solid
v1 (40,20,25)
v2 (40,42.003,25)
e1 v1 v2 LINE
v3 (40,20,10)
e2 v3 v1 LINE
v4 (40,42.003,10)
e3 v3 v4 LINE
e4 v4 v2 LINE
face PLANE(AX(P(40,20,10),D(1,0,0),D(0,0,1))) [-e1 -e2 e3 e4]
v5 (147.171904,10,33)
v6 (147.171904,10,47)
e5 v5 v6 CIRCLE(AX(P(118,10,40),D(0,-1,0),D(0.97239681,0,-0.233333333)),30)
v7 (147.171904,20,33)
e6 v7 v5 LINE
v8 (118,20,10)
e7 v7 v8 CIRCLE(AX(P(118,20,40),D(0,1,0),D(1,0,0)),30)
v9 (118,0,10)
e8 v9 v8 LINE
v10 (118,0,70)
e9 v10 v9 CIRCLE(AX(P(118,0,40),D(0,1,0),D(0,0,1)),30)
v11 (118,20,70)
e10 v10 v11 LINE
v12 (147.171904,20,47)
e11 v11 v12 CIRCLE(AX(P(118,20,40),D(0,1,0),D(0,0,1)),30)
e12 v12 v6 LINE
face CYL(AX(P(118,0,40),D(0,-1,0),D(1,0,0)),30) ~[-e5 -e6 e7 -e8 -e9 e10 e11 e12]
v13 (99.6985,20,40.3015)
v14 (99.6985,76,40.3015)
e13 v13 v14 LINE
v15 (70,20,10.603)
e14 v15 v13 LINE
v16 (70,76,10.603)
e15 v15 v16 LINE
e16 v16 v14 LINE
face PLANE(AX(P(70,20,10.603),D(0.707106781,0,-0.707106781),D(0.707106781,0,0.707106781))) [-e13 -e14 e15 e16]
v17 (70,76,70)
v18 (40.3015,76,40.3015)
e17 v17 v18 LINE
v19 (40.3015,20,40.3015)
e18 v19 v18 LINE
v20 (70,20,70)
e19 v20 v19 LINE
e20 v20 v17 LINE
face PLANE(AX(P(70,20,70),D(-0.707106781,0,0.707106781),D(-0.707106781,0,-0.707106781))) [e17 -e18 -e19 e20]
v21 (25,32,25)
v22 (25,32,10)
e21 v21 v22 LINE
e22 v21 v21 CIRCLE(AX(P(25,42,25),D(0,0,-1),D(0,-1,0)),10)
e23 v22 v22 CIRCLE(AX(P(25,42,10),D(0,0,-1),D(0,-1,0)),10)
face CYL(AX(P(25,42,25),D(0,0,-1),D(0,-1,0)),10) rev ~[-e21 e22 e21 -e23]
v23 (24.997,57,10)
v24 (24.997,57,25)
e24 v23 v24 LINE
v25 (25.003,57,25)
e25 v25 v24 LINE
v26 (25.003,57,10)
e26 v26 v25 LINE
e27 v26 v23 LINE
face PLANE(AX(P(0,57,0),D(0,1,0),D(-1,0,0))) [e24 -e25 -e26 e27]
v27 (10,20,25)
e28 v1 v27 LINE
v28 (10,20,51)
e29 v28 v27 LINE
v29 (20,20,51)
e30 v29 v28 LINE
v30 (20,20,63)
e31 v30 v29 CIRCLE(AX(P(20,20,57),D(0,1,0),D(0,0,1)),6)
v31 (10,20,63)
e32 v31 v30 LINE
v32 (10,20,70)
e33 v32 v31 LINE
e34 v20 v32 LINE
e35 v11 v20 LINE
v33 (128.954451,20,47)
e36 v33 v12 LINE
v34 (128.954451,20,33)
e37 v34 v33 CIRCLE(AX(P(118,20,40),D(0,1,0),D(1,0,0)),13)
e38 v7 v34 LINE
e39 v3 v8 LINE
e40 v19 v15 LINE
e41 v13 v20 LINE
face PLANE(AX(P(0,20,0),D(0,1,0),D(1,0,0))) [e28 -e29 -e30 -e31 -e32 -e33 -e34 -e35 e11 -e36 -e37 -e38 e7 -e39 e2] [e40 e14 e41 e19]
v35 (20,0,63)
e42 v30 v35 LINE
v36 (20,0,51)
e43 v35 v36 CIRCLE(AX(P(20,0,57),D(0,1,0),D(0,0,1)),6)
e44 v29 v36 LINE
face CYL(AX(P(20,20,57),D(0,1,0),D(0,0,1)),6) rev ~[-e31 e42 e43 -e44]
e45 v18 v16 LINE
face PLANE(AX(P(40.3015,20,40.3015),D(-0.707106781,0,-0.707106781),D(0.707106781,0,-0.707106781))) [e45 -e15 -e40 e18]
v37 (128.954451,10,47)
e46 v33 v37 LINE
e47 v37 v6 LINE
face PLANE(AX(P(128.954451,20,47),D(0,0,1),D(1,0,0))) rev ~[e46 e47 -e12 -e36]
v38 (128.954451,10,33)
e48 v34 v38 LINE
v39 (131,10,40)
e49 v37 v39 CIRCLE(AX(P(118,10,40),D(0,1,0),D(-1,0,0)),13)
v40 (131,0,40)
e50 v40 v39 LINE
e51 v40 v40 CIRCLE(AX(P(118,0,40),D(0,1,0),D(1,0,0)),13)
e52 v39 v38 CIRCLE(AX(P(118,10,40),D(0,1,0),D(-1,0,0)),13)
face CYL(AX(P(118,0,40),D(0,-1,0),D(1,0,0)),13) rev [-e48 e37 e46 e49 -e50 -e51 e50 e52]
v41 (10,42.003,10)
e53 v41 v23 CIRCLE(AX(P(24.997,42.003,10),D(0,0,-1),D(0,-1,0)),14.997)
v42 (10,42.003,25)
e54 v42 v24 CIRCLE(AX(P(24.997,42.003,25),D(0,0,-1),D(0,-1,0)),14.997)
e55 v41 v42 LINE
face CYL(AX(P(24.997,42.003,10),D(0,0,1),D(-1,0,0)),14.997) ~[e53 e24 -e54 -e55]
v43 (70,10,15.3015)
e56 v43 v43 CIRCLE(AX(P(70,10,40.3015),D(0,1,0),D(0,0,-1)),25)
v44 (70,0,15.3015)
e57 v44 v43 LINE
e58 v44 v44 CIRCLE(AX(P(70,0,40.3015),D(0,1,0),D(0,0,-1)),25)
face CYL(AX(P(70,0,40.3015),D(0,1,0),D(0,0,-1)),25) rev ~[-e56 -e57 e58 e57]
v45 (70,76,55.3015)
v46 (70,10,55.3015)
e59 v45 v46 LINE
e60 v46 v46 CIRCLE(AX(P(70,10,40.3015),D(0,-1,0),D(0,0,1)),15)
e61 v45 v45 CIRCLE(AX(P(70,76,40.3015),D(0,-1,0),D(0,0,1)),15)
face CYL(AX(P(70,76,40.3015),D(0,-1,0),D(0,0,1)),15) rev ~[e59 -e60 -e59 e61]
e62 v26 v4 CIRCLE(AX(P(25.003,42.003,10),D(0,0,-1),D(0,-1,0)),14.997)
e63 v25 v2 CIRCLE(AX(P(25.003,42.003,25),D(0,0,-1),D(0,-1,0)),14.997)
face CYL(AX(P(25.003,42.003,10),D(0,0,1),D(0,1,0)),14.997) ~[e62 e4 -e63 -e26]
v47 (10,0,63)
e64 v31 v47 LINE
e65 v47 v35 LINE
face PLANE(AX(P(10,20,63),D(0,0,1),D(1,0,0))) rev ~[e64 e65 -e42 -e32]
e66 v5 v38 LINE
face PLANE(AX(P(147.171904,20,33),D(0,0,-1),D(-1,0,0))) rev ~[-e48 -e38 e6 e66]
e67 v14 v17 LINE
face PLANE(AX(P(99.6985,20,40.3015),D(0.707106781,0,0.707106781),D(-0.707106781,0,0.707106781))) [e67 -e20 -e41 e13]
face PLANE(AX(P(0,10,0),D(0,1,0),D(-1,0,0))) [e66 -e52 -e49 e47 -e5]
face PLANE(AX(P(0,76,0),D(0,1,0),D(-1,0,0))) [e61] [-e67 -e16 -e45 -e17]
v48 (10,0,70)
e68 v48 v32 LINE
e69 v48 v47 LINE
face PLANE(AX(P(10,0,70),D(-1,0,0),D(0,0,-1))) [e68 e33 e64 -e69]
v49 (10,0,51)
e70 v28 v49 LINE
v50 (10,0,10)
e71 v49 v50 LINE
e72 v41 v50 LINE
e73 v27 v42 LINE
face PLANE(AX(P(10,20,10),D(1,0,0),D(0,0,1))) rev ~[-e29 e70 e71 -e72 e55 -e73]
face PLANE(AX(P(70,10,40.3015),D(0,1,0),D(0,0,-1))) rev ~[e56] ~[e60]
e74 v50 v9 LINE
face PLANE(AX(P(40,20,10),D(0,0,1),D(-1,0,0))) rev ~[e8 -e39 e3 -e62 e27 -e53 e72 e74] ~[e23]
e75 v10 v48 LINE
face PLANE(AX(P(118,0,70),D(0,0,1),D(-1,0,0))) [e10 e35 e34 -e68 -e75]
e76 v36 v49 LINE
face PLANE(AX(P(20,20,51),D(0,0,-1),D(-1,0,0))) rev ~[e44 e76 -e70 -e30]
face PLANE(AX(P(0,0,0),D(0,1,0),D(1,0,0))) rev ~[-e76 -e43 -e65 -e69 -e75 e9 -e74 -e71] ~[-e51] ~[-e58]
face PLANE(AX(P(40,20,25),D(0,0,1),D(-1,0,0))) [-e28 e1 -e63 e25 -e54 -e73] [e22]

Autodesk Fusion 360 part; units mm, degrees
sketch "Sketch1" plane through (0, 0, 0) normal (0, 1, 0) x (1, 0, 0)
  line L0 (10, -10) -> (118, -10)
  line L1 (148, -40) -> (148, -40)
  line L2 (118, -70) -> (10, -70)
  line L3 (10, -70) -> (10, -10)
  arc A0 (148, -40) -> (118, -10) centre (118, -40) ccw
  arc A1 (118, -70) -> (148, -40) centre (118, -40) ccw
  circle A2 centre (118, -40) radius 13
  point P0 (148, -10)
  dimension "d1" = 138
  dimension "d2" = 60
  dimension "d3" = 30
  dimension "d4" = 30
  dimension "d5" = 26
extrude "Extrude1" add sketch "Sketch1" along normal blind 20
sketch "Sketch2" plane through (0, 20, 0) normal (0, 1, 0) x (-1, 0, 0)
  circle A0 centre (-118, 40) radius 13
  line L0 (-10, 70) -> (-118, 70)
  arc A1 (-118, 70) -> (-118, 10) centre (-118, 40) ccw
  line L1 (-118, 10) -> (-10, 10)
  line L2 (-10, 10) -> (-10, 70)
  line L3 (-118, 47) -> (-155, 47)
  arc A2 (-155, 47) -> (-155, 33) centre (-155, 40) ccw
  line L4 (-155, 33) -> (-118, 33)
  arc A3 (-118, 33) -> (-118, 47) centre (-118, 40) ccw
  line L5 (-118, 40) -> (-155, 40) construction
  dimension "d8" = 14
extrude "Extrude2" cut sketch "Sketch2" against normal blind 10 contours A0 A1 L3 L4
sketch "Sketch4" plane through (0, 20, 0) normal (0, 1, 0) x (-1, 0, 0)
  line L0 (-147.1719, 47) -> (-128.9545, 47)
  arc A0 (-128.9545, 33) -> (-128.9545, 47) centre (-118, 40) ccw
  line L1 (-128.9545, 33) -> (-147.1719, 33)
  arc A1 (-147.1719, 33) -> (-118, 10) centre (-118, 40) ccw
  line L2 (-118, 10) -> (-10, 10)
  line L3 (-10, 10) -> (-10, 70)
  line L4 (-10, 70) -> (-118, 70)
  arc A2 (-118, 70) -> (-147.1719, 47) centre (-118, 40) ccw
  line L5 (-10, 70) -> (-70, 70) construction
  line L6 (-70, 70) -> (-70, 10) construction
  line L7 (-70, 70) -> (-40.3015, 40.3015) construction
  line L8 (-70, 70) -> (-28, 70) construction
  line L9 (-70, 70) -> (-40.3015, 40.3015)
  line L10 (-40.3015, 40.3015) -> (-70, 10.603)
  line L11 (-70, 10.603) -> (-99.6985, 40.3015)
  line L12 (-99.6985, 40.3015) -> (-70, 70)
  dimension "d11" = 60
  dimension "d12" = 45
  dimension "d13" = 42
  dimension "d14" = 42
extrude "Extrude3" add sketch "Sketch4" along normal blind 56 contours L9 L10 L11 L12
hole "Hole1" at (70, 76, 40.3015) direction (0, -1, 0) diameter 30 depth 90 tip angle 180
hole "Hole2" at (70, 0, 40.3015) direction (0, 1, 0) diameter 50 depth 10 tip angle 180
sketch "Sketch5" plane through (0, 20, 0) normal (0, 1, 0) x (-1, 0, 0)
  line L0 (-147.1719, 47) -> (-128.9545, 47)
  arc A0 (-128.9545, 33) -> (-128.9545, 47) centre (-118, 40) ccw
  line L1 (-128.9545, 33) -> (-147.1719, 33)
  arc A1 (-147.1719, 33) -> (-118, 10) centre (-118, 40) ccw
  line L2 (-118, 10) -> (-10, 10)
  line L3 (-10, 10) -> (-10, 70)
  line L4 (-10, 70) -> (-70, 70)
  line L5 (-70, 70) -> (-40.3015, 40.3015)
  line L6 (-40.3015, 40.3015) -> (-70, 10.603)
  line L7 (-70, 10.603) -> (-99.6985, 40.3015)
  line L8 (-99.6985, 40.3015) -> (-70, 70)
  line L9 (-70, 70) -> (-118, 70)
  arc A2 (-118, 70) -> (-147.1719, 47) centre (-118, 40) ccw
  line L10 (-10, 57) -> (-10, 63)
  line L11 (-10, 63) -> (-20, 63)
  line L12 (-20, 51) -> (-10, 51)
  arc A3 (-10, 51) -> (-10, 63) centre (-10, 57) ccw
  line L13 (-10, 63) -> (-20, 63)
  arc A4 (-20, 63) -> (-20, 51) centre (-20, 57) ccw
  line L14 (-20, 57) -> (-10, 57) construction
  dimension "d24" = 6
  dimension "d25" = 10
extrude "Extrude4" cut sketch "Sketch5" against normal blind 20 contours L3 L10 L11 L12 L13 A4
sketch "Sketch6" plane through (0, 20, 0) normal (0, 1, 0) x (-1, 0, 0)
  line L0 (-20, 63) -> (-10, 63)
  line L1 (-10, 63) -> (-10, 70)
  line L2 (-10, 70) -> (-70, 70)
  line L3 (-70, 70) -> (-40.3015, 40.3015)
  line L4 (-40.3015, 40.3015) -> (-70, 10.603)
  line L5 (-70, 10.603) -> (-99.6985, 40.3015)
  line L6 (-99.6985, 40.3015) -> (-70, 70)
  line L7 (-70, 70) -> (-118, 70)
  arc A0 (-118, 70) -> (-147.1719, 47) centre (-118, 40) ccw
  line L8 (-147.1719, 47) -> (-128.9545, 47)
  arc A1 (-128.9545, 33) -> (-128.9545, 47) centre (-118, 40) ccw
  line L9 (-128.9545, 33) -> (-147.1719, 33)
  arc A2 (-147.1719, 33) -> (-118, 10) centre (-118, 40) ccw
  line L10 (-118, 10) -> (-10, 10)
  line L11 (-10, 10) -> (-10, 51)
  line L12 (-10, 51) -> (-20, 51)
  arc A3 (-20, 63) -> (-20, 51) centre (-20, 57) ccw
  line L13 (-10, 10) -> (-40, 10)
  line L14 (-40, 10) -> (-40, 25)
  line L15 (-40, 25) -> (-10, 25)
  line L16 (-10, 25) -> (-10, 10)
  dimension "d28" = 30
  dimension "d29" = 15
extrude "Extrude5" add sketch "Sketch6" along normal blind 37 contours L10 L11 L13 L14 L15 L16
fillet "Fillet1" radius 15 2 edges at (10, 57, 17.5) (40, 57, 17.5)
hole "Hole3" at (25, 42, 25) direction (0, 0, -1) diameter 20 depth 130 tip angle 180
